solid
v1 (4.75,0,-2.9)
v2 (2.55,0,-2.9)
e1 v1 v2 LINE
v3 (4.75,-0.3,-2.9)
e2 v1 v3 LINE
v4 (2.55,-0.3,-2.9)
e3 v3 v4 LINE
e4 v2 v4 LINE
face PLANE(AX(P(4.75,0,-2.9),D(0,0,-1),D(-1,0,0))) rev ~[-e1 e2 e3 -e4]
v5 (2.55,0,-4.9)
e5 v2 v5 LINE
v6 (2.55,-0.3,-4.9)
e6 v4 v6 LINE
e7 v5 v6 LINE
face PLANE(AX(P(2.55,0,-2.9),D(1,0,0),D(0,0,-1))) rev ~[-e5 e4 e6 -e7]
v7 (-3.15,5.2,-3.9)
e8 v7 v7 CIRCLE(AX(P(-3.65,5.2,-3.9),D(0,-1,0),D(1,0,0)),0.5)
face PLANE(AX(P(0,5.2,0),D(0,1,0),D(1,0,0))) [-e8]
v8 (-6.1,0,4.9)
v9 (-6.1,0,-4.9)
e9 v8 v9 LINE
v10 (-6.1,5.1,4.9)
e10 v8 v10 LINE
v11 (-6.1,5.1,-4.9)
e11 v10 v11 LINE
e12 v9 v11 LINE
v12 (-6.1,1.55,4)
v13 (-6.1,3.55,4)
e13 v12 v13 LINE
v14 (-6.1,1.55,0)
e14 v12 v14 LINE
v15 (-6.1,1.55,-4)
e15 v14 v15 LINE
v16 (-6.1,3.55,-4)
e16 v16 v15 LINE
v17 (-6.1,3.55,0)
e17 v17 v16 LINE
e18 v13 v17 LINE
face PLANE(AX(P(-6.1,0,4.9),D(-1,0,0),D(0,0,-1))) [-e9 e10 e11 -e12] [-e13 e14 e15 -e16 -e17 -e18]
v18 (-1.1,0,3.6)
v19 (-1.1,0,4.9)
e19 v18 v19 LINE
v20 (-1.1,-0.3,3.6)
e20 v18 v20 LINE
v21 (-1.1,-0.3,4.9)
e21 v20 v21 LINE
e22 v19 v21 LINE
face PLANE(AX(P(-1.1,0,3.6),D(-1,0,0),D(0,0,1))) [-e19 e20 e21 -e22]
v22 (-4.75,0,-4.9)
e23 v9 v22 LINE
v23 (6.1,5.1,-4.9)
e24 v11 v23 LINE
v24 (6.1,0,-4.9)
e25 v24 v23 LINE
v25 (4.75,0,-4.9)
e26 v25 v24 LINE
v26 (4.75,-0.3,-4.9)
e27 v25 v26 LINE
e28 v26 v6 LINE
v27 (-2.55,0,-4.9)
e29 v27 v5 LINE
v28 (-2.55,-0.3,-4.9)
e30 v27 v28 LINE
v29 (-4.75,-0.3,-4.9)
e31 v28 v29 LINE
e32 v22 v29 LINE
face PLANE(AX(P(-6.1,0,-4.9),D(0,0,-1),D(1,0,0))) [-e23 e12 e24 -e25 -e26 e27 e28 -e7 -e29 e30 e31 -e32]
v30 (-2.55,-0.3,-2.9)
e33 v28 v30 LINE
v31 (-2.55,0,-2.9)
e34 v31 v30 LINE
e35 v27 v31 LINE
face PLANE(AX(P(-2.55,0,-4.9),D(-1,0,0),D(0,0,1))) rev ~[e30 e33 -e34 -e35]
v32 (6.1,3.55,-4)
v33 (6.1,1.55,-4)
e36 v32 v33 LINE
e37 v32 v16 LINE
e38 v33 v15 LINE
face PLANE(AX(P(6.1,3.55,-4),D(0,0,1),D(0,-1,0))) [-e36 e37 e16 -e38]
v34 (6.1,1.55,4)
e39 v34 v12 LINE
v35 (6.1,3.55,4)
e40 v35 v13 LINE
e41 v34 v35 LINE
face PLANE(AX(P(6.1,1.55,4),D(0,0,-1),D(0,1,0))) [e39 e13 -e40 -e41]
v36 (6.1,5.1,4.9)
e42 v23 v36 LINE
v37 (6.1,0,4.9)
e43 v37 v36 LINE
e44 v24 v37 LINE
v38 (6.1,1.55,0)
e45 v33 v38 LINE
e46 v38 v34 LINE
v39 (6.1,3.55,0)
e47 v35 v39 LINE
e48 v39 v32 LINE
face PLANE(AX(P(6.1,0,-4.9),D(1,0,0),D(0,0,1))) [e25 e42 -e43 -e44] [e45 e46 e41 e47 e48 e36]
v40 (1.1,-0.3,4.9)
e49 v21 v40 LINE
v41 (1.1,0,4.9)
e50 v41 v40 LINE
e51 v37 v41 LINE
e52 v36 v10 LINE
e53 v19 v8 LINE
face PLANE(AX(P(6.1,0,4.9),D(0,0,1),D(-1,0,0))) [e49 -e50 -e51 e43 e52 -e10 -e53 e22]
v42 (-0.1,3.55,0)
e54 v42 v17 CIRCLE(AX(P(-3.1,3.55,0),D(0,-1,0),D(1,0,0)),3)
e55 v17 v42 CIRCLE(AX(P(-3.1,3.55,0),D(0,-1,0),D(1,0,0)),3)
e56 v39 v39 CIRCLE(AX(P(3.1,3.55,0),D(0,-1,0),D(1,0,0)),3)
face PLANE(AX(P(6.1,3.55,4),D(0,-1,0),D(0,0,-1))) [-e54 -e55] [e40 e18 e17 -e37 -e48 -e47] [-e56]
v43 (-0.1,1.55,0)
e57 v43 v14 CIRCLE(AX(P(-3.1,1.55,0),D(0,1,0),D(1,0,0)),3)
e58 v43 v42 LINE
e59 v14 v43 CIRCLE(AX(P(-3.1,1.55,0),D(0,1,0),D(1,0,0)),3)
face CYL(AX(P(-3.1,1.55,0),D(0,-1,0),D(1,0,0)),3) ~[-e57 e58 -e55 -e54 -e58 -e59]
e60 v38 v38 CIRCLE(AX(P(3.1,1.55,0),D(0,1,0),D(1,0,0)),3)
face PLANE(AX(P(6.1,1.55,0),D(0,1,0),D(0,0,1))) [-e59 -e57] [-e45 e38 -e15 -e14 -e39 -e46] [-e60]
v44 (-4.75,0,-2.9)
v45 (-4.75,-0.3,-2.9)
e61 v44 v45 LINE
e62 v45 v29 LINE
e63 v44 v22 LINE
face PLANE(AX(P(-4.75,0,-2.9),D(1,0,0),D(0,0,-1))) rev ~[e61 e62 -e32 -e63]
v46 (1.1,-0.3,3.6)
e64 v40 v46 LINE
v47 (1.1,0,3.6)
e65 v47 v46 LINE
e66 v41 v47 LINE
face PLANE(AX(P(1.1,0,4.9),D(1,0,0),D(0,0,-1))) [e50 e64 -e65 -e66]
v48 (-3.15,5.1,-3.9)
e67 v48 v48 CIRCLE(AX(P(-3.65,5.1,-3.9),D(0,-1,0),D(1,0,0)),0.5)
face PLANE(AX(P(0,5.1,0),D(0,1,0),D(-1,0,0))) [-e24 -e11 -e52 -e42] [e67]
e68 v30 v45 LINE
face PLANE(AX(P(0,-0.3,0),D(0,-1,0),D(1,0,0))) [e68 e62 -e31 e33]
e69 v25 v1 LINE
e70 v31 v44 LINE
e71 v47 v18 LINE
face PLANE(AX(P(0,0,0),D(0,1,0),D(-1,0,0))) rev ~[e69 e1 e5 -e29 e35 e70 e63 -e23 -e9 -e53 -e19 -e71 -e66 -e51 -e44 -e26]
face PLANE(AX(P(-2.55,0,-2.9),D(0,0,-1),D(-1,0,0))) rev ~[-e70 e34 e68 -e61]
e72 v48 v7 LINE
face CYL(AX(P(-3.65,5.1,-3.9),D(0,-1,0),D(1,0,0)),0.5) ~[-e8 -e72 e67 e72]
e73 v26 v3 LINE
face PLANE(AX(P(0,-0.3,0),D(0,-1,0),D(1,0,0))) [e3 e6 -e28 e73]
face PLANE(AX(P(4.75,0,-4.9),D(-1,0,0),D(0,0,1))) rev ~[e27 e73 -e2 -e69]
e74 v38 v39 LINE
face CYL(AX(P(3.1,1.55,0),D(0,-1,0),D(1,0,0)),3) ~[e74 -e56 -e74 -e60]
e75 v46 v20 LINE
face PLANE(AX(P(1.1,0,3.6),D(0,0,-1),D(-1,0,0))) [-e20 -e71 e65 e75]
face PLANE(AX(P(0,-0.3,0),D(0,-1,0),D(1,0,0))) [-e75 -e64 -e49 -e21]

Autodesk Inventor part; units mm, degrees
ref_plane "YZ Plane" through (0, 0, 0) normal (1, 0, 0) x (0, 1, 0)
ref_plane "XZ Plane" through (0, 0, 0) normal (0, 1, 0) x (-1, 0, 0)
ref_plane "XY Plane" through (0, 0, 0) normal (0, 0, 1) x (1, 0, 0)
sketch "Sketch1" plane through (0, 0, 0) normal (0, 1, 0) x (-1, 0, 0)
  line L0 (-6.1, 4.9) -> (6.1, 4.9)
  line L1 (6.1, 4.9) -> (6.1, -4.9)
  line L2 (6.1, -4.9) -> (-6.1, -4.9)
  line L3 (-6.1, -4.9) -> (-6.1, 4.9)
  line L4 (-6.1, 4.9) -> (6.1, -4.9) construction
  line L5 (6.1, 4.9) -> (-6.1, -4.9) construction
  point P0 (0, 0)
  dimension "d0" = 12.2
  dimension "d1" = 9.8
extrude "Extrusion1" add sketch "Sketch1" along normal blind 5.1
sketch "Sketch2" plane through (6.1, 0, 4.9) normal (1, 0, 0) x (0, 0, -1)
  line L0 (4.9, 0) -> (4.9, 2.55)
  line L1 (0, 0) -> (0, 5.1) projected
  line L2 (8.9, 1.55) -> (0.9, 1.55)
  line L3 (0.9, 1.55) -> (0.9, 3.55)
  line L4 (0.9, 3.55) -> (8.9, 3.55)
  line L5 (8.9, 3.55) -> (8.9, 1.55)
  line L6 (8.9, 1.55) -> (0.9, 3.55) construction
  line L7 (0.9, 1.55) -> (8.9, 3.55) construction
  dimension "d4" = 2.55
  dimension "d5" = 8
  dimension "d6" = 2
extrude "Extrusion2" cut sketch "Sketch2" against normal up to next
sketch "Sketch3" plane through (6.1, 1.55, 4) normal (0, 1, 0) x (1, 0, 0)
  line L0 (-12.2, 8.9) -> (-12.2, -0.9) projected
  line L1 (-12.2, 4) -> (-9.2, 4)
  line L2 (0, 0) -> (0, 8) projected
  line L3 (0, 4) -> (-3, 4)
  circle A0 centre (-3, 4) radius 3
  circle A1 centre (-9.2, 4) radius 3
  point P0 (-6.1, 4)
  dimension "d9" = 3
  dimension "d10" = 3
  dimension "d11" = 6
  dimension "d12" = 6
extrude "Extrusion3" add sketch "Sketch3" along normal up to next
sketch "Sketch4" plane through (0, 0, 0) normal (0, -1, 0) x (1, 0, 0)
  line L0 (6.1, 4.9) -> (-6.1, 4.9) projected
  line L1 (0, 4.9) -> (0, 4.25)
  line L2 (1.1, 3.6) -> (-1.1, 3.6)
  line L3 (-1.1, 3.6) -> (-1.1, 4.9)
  line L4 (-1.1, 4.9) -> (1.1, 4.9)
  line L5 (1.1, 4.9) -> (1.1, 3.6)
  line L6 (1.1, 3.6) -> (-1.1, 4.9) construction
  line L7 (-1.1, 3.6) -> (1.1, 4.9) construction
  line L8 (6.1, -4.9) -> (-6.1, -4.9) projected
  line L9 (-6.1, -4.9) -> (-4.75, -4.9)
  line L10 (-4.75, -4.9) -> (-3.65, -4.9)
  line L11 (-3.65, -4.9) -> (-3.65, -3.9)
  line L12 (-3.65, -4.9) -> (-2.65, -4.9) construction
  line L13 (-2.55, -2.9) -> (-4.75, -2.9)
  line L14 (-4.75, -2.9) -> (-4.75, -4.9)
  line L15 (-4.75, -4.9) -> (-2.55, -4.9)
  line L16 (-2.55, -4.9) -> (-2.55, -2.9)
  line L17 (-2.55, -2.9) -> (-4.75, -4.9) construction
  line L18 (-4.75, -2.9) -> (-2.55, -4.9) construction
  line L19 (4.75, -2.9) -> (2.55, -2.9)
  line L20 (4.75, -4.9) -> (4.75, -2.9)
  line L21 (3.65, -4.9) -> (4.65, -4.9) construction
  line L22 (2.55, -2.9) -> (2.55, -4.9)
  line L23 (2.55, -4.9) -> (4.75, -4.9)
  point P0 (0, 0)
  dimension "d15" = 0.65
  dimension "d16" = 2.2
  dimension "d17" = 1.3
  dimension "d18" = 1.35
  dimension "d19" = 1.1
  dimension "d20" = 1
  dimension "d21" = 90
  dimension "d22" = 2.2
  dimension "d23" = 2
  dimension "d26" = 7.3
extrude "Extrusion4" add sketch "Sketch4" along normal blind 0.3
sketch "Sketch5" plane through (0, 5.1, 0) normal (0, 1, 0) x (1, 0, 0)
  line L0 (6.1, 4.9) -> (-6.1, 4.9) projected
  line L1 (-6.1, 4.9) -> (-3.65, 4.9)
  line L2 (-3.65, 4.9) -> (-3.65, 3.9)
  circle A0 centre (-3.65, 3.9) radius 0.5
  point P0 (0, 0)
  dimension "d33" = 2.45
  dimension "d34" = 1
  dimension "d35" = 1
extrude "Extrusion5" add sketch "Sketch5" along normal blind 0.1
sketch "Sketch6" plane through (0, 5.1, 0) normal (0, 1, 0) x (1, 0, 0)
  line L0 (-4.0529, 1.1605) -> (0.3424, 1.1605) construction
  line L1 (0.3424, 1.1605) -> (0.3424, 0.2782) construction
  line L2 (0.3424, 0.2782) -> (-4.0529, 0.2782) construction
  line L3 (-4.0529, 0.2782) -> (-4.0529, 1.1605) construction
  point P0 (0, 0)
  dimension "d1" = 9.8
properties part number "HCV1206"
